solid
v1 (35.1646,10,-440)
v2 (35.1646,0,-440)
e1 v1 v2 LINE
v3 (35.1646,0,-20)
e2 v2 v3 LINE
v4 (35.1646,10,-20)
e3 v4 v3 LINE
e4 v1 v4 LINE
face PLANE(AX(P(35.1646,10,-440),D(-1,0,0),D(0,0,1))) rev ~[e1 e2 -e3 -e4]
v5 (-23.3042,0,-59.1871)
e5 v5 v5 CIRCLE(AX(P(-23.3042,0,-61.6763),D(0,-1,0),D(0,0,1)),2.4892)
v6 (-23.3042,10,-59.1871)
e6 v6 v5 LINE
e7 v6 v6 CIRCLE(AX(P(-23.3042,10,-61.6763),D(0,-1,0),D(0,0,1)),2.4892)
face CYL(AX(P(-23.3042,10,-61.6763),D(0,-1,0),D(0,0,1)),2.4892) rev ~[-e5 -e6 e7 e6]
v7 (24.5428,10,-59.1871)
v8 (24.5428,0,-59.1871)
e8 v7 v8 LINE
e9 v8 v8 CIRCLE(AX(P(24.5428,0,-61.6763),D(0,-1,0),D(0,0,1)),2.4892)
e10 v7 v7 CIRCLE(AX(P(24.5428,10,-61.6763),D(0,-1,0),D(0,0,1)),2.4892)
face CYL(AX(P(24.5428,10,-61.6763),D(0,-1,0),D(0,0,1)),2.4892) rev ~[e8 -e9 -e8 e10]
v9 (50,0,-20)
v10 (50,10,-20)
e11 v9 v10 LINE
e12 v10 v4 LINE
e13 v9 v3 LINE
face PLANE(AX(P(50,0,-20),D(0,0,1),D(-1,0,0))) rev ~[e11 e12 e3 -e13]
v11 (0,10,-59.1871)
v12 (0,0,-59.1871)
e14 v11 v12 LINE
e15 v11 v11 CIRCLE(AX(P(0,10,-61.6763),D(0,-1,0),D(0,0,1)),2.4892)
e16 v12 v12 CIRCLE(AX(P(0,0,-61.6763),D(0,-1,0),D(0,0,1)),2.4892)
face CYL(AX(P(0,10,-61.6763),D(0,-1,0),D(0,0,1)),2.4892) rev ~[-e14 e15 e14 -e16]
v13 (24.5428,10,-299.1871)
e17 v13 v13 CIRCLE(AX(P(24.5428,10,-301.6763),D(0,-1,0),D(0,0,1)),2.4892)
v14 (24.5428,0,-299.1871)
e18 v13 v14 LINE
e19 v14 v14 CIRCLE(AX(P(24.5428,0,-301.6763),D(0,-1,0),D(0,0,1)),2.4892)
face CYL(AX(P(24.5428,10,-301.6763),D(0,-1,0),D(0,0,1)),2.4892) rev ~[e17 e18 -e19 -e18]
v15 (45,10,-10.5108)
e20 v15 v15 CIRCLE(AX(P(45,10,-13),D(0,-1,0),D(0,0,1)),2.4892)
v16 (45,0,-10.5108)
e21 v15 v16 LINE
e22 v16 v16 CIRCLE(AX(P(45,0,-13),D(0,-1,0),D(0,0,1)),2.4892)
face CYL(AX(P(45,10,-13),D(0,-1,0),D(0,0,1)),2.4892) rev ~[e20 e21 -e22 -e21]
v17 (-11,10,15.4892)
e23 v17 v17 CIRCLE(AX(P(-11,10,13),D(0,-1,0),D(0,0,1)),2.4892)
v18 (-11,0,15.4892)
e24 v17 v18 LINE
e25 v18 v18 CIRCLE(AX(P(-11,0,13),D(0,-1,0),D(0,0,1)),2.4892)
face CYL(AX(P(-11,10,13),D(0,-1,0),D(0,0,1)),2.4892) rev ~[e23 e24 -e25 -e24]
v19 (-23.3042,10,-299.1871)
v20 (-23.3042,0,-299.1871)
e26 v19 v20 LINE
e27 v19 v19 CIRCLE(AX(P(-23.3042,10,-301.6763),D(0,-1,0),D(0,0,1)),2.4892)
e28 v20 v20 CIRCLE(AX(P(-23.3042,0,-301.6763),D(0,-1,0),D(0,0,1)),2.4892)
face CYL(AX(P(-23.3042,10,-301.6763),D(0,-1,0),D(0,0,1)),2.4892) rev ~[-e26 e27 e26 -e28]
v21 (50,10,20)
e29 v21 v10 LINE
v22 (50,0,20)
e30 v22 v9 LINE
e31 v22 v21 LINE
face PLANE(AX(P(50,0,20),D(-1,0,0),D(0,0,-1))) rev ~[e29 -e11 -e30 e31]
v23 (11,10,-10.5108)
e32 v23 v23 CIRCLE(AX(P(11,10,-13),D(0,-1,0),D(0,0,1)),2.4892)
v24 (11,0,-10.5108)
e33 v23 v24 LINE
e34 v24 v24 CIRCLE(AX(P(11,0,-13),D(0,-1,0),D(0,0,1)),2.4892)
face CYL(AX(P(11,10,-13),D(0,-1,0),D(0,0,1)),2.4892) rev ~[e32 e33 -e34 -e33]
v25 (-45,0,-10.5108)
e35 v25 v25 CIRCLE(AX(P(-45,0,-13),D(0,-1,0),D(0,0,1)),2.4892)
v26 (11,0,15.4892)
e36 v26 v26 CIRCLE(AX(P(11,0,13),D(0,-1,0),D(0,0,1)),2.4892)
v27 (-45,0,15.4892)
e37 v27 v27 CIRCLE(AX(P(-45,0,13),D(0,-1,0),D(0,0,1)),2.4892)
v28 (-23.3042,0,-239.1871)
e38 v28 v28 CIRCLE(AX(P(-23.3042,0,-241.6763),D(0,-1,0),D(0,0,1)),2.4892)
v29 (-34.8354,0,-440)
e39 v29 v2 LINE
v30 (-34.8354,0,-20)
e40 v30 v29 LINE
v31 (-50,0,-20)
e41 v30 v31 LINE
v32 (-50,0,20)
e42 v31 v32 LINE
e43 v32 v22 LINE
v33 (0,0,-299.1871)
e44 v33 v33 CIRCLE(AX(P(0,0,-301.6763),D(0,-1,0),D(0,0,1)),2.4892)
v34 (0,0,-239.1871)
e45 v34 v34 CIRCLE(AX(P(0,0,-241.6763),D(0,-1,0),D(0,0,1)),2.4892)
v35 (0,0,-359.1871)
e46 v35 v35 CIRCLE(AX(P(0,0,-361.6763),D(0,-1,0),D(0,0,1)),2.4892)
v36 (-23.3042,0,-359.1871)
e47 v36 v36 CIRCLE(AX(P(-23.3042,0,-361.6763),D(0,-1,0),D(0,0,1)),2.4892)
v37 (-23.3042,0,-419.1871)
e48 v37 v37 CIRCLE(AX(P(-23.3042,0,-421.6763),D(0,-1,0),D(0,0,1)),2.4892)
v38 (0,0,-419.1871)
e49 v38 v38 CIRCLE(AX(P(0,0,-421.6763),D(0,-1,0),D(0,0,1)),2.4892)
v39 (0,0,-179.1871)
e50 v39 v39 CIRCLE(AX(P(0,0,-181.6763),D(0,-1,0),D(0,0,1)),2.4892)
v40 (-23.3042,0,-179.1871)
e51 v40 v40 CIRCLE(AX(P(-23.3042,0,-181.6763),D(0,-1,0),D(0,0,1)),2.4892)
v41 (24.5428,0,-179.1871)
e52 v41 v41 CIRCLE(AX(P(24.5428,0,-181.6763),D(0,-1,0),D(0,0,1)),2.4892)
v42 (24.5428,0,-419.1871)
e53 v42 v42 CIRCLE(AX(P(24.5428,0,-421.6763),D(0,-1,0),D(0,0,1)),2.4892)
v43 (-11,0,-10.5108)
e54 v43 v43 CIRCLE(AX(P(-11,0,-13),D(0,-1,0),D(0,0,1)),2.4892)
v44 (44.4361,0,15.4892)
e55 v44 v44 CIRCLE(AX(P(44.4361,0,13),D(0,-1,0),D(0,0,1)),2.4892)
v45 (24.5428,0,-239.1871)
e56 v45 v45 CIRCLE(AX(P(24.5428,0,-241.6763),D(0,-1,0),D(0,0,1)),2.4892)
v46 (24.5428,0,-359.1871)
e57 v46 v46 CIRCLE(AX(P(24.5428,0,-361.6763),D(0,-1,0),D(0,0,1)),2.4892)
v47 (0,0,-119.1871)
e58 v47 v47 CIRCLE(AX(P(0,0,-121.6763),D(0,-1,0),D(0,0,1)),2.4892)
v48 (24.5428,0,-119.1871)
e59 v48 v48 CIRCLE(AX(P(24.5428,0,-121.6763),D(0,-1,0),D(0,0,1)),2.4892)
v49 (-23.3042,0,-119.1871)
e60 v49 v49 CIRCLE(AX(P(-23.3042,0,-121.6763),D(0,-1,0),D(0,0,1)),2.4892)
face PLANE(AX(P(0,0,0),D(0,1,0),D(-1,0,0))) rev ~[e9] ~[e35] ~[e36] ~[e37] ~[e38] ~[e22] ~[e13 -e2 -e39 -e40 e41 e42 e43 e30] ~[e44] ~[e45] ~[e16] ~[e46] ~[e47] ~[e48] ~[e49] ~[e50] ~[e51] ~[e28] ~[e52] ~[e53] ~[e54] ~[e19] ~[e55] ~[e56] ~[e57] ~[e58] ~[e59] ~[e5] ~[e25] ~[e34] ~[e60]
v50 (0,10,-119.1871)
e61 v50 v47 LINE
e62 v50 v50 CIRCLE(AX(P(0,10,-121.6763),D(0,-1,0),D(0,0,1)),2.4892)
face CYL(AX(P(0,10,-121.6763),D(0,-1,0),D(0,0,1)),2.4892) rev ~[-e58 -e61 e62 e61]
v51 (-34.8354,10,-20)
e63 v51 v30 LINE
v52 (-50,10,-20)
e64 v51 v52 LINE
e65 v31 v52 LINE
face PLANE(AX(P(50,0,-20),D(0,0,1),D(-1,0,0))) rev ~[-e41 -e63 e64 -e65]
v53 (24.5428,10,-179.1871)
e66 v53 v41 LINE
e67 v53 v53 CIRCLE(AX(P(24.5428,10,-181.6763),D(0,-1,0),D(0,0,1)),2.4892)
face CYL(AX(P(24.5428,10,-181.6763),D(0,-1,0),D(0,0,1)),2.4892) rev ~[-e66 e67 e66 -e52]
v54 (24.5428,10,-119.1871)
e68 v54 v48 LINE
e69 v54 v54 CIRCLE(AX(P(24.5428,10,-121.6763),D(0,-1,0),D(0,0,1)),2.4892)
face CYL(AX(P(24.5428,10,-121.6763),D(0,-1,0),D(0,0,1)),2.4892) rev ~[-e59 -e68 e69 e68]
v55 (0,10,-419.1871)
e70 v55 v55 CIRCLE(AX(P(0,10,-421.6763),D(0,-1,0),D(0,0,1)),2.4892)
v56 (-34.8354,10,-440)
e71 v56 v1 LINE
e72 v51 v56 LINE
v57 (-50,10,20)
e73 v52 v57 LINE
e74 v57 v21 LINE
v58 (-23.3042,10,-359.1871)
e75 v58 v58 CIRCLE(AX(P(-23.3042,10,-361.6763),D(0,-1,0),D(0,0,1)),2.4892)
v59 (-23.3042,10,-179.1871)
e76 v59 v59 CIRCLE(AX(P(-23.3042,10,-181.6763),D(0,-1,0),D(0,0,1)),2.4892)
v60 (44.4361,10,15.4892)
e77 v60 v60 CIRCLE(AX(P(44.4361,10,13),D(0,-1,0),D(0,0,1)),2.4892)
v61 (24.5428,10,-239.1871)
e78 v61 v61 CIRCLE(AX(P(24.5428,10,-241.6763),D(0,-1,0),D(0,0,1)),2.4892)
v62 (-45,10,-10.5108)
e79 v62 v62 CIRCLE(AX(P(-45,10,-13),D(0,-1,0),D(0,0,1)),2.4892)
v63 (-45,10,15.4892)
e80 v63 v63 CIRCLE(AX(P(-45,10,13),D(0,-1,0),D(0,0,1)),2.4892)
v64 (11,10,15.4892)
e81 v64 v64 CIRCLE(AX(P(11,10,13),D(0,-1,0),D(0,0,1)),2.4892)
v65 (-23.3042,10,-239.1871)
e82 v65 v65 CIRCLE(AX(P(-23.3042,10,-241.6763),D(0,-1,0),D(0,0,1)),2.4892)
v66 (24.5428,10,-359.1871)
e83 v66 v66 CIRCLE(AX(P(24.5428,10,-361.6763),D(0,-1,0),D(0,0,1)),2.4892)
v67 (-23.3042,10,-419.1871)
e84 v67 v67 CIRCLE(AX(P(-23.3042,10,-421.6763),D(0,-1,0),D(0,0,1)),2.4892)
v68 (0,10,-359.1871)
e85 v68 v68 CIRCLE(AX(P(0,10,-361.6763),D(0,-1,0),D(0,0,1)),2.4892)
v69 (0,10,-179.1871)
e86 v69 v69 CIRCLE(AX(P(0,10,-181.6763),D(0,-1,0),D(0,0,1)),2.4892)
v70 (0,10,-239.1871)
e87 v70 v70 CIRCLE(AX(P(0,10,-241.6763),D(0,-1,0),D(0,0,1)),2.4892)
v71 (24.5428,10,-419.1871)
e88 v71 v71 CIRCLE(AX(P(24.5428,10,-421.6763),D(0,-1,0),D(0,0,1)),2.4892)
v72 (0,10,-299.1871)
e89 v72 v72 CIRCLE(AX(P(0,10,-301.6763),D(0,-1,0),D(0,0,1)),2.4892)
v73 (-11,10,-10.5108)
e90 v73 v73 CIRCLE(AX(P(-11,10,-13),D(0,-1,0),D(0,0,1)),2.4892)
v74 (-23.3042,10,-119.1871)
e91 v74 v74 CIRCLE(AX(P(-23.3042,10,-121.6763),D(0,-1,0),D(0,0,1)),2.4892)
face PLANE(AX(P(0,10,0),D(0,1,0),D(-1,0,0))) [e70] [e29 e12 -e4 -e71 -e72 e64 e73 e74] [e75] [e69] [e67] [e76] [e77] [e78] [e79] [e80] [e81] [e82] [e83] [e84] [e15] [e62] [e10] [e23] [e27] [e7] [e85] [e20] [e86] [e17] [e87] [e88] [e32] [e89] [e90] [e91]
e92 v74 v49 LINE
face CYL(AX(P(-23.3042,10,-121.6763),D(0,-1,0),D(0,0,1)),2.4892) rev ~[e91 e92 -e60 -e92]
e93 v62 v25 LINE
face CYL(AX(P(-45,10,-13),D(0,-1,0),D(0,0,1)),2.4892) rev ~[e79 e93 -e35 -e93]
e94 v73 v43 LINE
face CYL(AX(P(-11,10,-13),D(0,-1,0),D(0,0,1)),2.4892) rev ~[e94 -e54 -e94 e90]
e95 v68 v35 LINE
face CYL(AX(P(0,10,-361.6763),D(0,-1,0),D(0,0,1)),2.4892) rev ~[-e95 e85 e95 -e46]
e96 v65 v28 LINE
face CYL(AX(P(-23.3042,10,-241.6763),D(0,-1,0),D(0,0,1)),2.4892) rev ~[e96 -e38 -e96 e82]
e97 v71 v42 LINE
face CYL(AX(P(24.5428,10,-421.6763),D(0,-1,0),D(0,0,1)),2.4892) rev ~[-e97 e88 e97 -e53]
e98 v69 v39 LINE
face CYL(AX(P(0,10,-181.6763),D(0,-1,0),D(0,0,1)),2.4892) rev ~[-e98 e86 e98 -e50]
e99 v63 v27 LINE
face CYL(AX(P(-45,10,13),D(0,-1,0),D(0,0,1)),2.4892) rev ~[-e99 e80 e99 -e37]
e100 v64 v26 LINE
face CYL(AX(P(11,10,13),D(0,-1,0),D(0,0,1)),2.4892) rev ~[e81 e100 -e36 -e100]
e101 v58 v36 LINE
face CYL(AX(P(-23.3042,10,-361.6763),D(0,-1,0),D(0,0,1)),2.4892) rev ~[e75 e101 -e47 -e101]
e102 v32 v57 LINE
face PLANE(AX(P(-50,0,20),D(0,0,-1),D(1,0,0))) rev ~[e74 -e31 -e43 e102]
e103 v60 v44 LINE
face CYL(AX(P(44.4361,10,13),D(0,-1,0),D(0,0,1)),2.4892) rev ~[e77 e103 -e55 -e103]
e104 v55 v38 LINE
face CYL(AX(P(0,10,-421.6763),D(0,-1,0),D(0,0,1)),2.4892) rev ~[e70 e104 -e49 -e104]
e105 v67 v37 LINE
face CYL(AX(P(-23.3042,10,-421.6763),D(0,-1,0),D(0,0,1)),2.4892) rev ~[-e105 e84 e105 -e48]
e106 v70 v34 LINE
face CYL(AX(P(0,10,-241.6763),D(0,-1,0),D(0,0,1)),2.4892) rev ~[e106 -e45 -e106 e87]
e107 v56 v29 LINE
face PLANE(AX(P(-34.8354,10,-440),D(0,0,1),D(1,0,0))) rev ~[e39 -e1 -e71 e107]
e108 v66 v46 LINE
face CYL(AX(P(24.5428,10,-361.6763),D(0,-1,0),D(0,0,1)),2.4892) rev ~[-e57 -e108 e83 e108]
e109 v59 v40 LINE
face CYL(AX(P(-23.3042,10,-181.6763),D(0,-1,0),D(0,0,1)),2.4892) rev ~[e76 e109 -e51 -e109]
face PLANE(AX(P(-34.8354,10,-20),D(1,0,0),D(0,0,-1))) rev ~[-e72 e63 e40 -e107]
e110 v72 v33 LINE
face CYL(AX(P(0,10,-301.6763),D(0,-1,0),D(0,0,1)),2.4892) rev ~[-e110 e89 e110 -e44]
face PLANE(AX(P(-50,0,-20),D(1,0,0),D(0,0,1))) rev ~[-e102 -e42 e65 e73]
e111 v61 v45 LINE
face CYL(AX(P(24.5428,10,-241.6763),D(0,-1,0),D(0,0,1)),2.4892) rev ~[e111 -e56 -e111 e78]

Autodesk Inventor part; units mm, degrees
ref_plane "YZ Plane" through (0, 0, 0) normal (1, 0, 0) x (0, 1, 0)
ref_plane "XZ Plane" through (0, 0, 0) normal (0, 1, 0) x (-1, 0, 0)
ref_plane "XY Plane" through (0, 0, 0) normal (0, 0, 1) x (1, 0, 0)
sketch "Szkic3" plane through (0, 0, 0) normal (0, 1, 0) x (-1, 0, 0)
  line L0 (50, 20) -> (-50, 20)
  line L1 (-50, 20) -> (-50, -20)
  line L2 (-50, -20) -> (50, -20)
  line L3 (50, -20) -> (50, 20)
  point P0 (0, 0)
  dimension "d4" = 100
  dimension "d5" = 40
extrude "Wyciągnięcie proste1" add sketch "Szkic3" along normal blind 10
sketch "Szkic4" plane through (0, 10, 0) normal (0, 1, 0) x (1, 0, 0)
  line L0 (50, 20) -> (-50, 20) projected
  line L1 (35.1646, 20) -> (-34.8354, 20)
  line L2 (-34.8354, 20) -> (-34.8354, 440)
  line L3 (-34.8354, 440) -> (35.1646, 440)
  line L4 (35.1646, 440) -> (35.1646, 20)
  point P0 (0, 0)
  dimension "d8" = 70
  dimension "d9" = 420
extrude "Wyciągnięcie proste2" add sketch "Szkic4" against normal blind 10
sketch "Szkic5" plane through (0, 10, 0) normal (0, 1, 0) x (1, 0, 0)
  line L0 (0, 13) -> (0, -13) construction
  circle A0 centre (-45, 13) radius 2.5
  circle A1 centre (-45, -13) radius 2.5
  circle A2 centre (45, 13) radius 2.5
  circle A3 centre (44.4361, -13) radius 2.5
  line L1 (-45, 13) -> (-11, 13) construction
  line L2 (45, 13) -> (11, 13) construction
  circle A4 centre (-11, 13) radius 2.5
  circle A5 centre (-11, -13) radius 2.5
  circle A6 centre (11, -13) radius 2.5
  circle A7 centre (11, 13) radius 2.5
  point P0 (0, 0)
  dimension "d12" = 26
  dimension "d13" = 5
  dimension "d14" = 5
  dimension "d15" = 5
  dimension "d16" = 5
  dimension "d17" = 34
  dimension "d18" = 34
  dimension "d19" = 5
  dimension "d20" = 5
  dimension "d21" = 5
  dimension "d22" = 5
hole "Otwór1" at (-45, 10, -13) at (-45, 10, 13) at (-11, 10, 13) at (-11, 10, -13) at (11, 10, -13) at (11, 10, 13) at (44.4361, 10, 13) at (45, 10, -13) direction (0, -1, 0) diameter 4.9784 depth 10 tip angle 118 thread size "1/4-20 UNC" class "2B" standard "ANSI Unified Screw Threads"
sketch "Szkic6" plane through (0, 10, 0) normal (0, 1, 0) x (1, 0, 0)
  line L0 (35.1646, 440) -> (35.1646, 20) projected
  line L1 (35.1646, 61.6763) -> (-34.8354, 61.6763) construction
  line L2 (-34.8354, 20) -> (-34.8354, 440) projected
  line L3 (24.5428, 61.6763) -> (-23.3042, 61.6763) construction
  circle A0 centre (-23.3042, 61.6763) radius 4
  circle A1 centre (24.5428, 61.6763) radius 4
  circle A2 centre (-23.3042, 121.6763) radius 4
  circle A3 centre (24.5428, 121.6763) radius 4
  circle A4 centre (-23.3042, 181.6763) radius 4
  circle A5 centre (24.5428, 181.6763) radius 4
  circle A6 centre (-23.3042, 241.6763) radius 4
  circle A7 centre (24.5428, 241.6763) radius 4
  circle A8 centre (-23.3042, 301.6763) radius 4
  circle A9 centre (24.5428, 301.6763) radius 4
  circle A10 centre (-23.3042, 361.6763) radius 4
  circle A11 centre (24.5428, 361.6763) radius 4
  circle A12 centre (-23.3042, 421.6763) radius 4
  circle A13 centre (24.5428, 421.6763) radius 4
  circle A14 centre (0, 61.6763) radius 4
  circle A15 centre (0, 121.6763) radius 4
  circle A16 centre (0, 181.6763) radius 4
  circle A17 centre (0, 241.6763) radius 4
  circle A18 centre (0, 301.6763) radius 4
  circle A19 centre (0, 361.6763) radius 4
  circle A20 centre (0, 421.6763) radius 4
  point P0 (0, 0)
  point P1 (-27.7985, 121.5078)
  point P2 (8.1646, 122)
  point P3 (-27.8354, 182)
  point P4 (8.1646, 182)
  point P5 (-27.8354, 242)
  point P6 (8.1646, 242)
  point P7 (-27.8354, 302)
  point P8 (8.1646, 302)
  point P9 (-27.8354, 362)
  point P10 (8.1646, 362)
  point P11 (-27.8354, 422)
  point P12 (8.1646, 422)
  dimension "d30" = 47.847
  dimension "d45" = 8
  dimension "d49" = 60
  dimension "d61" = 8
  dimension "d64" = 60
  dimension "d76" = 8
  dimension "d79" = 60
hole "Otwór5" at (-23.3042, 10, -61.6763) at (0, 10, -61.6763) at (24.5428, 10, -61.6763) at (-23.3042, 10, -121.6763) at (0, 10, -121.6763) at (24.5428, 10, -121.6763) at (-23.3042, 10, -181.6763) at (0, 10, -181.6763) at (24.5428, 10, -181.6763) at (-23.3042, 10, -241.6763) at (0, 10, -241.6763) at (24.5428, 10, -241.6763) at (-23.3042, 10, -301.6763) at (0, 10, -301.6763) at (24.5428, 10, -301.6763) at (-23.3042, 10, -361.6763) at (0, 10, -361.6763) at (24.5428, 10, -361.6763) at (-23.3042, 10, -421.6763) at (0, 10, -421.6763) at (24.5428, 10, -421.6763) direction (0, -1, 0) diameter 4.9784 depth 50 tip angle 118 thread size "1/4-20 UNC" class "2B" standard "ANSI Unified Screw Threads"
properties part number "plaskownik_uchwyt_silownika_L460_W100_H10"
